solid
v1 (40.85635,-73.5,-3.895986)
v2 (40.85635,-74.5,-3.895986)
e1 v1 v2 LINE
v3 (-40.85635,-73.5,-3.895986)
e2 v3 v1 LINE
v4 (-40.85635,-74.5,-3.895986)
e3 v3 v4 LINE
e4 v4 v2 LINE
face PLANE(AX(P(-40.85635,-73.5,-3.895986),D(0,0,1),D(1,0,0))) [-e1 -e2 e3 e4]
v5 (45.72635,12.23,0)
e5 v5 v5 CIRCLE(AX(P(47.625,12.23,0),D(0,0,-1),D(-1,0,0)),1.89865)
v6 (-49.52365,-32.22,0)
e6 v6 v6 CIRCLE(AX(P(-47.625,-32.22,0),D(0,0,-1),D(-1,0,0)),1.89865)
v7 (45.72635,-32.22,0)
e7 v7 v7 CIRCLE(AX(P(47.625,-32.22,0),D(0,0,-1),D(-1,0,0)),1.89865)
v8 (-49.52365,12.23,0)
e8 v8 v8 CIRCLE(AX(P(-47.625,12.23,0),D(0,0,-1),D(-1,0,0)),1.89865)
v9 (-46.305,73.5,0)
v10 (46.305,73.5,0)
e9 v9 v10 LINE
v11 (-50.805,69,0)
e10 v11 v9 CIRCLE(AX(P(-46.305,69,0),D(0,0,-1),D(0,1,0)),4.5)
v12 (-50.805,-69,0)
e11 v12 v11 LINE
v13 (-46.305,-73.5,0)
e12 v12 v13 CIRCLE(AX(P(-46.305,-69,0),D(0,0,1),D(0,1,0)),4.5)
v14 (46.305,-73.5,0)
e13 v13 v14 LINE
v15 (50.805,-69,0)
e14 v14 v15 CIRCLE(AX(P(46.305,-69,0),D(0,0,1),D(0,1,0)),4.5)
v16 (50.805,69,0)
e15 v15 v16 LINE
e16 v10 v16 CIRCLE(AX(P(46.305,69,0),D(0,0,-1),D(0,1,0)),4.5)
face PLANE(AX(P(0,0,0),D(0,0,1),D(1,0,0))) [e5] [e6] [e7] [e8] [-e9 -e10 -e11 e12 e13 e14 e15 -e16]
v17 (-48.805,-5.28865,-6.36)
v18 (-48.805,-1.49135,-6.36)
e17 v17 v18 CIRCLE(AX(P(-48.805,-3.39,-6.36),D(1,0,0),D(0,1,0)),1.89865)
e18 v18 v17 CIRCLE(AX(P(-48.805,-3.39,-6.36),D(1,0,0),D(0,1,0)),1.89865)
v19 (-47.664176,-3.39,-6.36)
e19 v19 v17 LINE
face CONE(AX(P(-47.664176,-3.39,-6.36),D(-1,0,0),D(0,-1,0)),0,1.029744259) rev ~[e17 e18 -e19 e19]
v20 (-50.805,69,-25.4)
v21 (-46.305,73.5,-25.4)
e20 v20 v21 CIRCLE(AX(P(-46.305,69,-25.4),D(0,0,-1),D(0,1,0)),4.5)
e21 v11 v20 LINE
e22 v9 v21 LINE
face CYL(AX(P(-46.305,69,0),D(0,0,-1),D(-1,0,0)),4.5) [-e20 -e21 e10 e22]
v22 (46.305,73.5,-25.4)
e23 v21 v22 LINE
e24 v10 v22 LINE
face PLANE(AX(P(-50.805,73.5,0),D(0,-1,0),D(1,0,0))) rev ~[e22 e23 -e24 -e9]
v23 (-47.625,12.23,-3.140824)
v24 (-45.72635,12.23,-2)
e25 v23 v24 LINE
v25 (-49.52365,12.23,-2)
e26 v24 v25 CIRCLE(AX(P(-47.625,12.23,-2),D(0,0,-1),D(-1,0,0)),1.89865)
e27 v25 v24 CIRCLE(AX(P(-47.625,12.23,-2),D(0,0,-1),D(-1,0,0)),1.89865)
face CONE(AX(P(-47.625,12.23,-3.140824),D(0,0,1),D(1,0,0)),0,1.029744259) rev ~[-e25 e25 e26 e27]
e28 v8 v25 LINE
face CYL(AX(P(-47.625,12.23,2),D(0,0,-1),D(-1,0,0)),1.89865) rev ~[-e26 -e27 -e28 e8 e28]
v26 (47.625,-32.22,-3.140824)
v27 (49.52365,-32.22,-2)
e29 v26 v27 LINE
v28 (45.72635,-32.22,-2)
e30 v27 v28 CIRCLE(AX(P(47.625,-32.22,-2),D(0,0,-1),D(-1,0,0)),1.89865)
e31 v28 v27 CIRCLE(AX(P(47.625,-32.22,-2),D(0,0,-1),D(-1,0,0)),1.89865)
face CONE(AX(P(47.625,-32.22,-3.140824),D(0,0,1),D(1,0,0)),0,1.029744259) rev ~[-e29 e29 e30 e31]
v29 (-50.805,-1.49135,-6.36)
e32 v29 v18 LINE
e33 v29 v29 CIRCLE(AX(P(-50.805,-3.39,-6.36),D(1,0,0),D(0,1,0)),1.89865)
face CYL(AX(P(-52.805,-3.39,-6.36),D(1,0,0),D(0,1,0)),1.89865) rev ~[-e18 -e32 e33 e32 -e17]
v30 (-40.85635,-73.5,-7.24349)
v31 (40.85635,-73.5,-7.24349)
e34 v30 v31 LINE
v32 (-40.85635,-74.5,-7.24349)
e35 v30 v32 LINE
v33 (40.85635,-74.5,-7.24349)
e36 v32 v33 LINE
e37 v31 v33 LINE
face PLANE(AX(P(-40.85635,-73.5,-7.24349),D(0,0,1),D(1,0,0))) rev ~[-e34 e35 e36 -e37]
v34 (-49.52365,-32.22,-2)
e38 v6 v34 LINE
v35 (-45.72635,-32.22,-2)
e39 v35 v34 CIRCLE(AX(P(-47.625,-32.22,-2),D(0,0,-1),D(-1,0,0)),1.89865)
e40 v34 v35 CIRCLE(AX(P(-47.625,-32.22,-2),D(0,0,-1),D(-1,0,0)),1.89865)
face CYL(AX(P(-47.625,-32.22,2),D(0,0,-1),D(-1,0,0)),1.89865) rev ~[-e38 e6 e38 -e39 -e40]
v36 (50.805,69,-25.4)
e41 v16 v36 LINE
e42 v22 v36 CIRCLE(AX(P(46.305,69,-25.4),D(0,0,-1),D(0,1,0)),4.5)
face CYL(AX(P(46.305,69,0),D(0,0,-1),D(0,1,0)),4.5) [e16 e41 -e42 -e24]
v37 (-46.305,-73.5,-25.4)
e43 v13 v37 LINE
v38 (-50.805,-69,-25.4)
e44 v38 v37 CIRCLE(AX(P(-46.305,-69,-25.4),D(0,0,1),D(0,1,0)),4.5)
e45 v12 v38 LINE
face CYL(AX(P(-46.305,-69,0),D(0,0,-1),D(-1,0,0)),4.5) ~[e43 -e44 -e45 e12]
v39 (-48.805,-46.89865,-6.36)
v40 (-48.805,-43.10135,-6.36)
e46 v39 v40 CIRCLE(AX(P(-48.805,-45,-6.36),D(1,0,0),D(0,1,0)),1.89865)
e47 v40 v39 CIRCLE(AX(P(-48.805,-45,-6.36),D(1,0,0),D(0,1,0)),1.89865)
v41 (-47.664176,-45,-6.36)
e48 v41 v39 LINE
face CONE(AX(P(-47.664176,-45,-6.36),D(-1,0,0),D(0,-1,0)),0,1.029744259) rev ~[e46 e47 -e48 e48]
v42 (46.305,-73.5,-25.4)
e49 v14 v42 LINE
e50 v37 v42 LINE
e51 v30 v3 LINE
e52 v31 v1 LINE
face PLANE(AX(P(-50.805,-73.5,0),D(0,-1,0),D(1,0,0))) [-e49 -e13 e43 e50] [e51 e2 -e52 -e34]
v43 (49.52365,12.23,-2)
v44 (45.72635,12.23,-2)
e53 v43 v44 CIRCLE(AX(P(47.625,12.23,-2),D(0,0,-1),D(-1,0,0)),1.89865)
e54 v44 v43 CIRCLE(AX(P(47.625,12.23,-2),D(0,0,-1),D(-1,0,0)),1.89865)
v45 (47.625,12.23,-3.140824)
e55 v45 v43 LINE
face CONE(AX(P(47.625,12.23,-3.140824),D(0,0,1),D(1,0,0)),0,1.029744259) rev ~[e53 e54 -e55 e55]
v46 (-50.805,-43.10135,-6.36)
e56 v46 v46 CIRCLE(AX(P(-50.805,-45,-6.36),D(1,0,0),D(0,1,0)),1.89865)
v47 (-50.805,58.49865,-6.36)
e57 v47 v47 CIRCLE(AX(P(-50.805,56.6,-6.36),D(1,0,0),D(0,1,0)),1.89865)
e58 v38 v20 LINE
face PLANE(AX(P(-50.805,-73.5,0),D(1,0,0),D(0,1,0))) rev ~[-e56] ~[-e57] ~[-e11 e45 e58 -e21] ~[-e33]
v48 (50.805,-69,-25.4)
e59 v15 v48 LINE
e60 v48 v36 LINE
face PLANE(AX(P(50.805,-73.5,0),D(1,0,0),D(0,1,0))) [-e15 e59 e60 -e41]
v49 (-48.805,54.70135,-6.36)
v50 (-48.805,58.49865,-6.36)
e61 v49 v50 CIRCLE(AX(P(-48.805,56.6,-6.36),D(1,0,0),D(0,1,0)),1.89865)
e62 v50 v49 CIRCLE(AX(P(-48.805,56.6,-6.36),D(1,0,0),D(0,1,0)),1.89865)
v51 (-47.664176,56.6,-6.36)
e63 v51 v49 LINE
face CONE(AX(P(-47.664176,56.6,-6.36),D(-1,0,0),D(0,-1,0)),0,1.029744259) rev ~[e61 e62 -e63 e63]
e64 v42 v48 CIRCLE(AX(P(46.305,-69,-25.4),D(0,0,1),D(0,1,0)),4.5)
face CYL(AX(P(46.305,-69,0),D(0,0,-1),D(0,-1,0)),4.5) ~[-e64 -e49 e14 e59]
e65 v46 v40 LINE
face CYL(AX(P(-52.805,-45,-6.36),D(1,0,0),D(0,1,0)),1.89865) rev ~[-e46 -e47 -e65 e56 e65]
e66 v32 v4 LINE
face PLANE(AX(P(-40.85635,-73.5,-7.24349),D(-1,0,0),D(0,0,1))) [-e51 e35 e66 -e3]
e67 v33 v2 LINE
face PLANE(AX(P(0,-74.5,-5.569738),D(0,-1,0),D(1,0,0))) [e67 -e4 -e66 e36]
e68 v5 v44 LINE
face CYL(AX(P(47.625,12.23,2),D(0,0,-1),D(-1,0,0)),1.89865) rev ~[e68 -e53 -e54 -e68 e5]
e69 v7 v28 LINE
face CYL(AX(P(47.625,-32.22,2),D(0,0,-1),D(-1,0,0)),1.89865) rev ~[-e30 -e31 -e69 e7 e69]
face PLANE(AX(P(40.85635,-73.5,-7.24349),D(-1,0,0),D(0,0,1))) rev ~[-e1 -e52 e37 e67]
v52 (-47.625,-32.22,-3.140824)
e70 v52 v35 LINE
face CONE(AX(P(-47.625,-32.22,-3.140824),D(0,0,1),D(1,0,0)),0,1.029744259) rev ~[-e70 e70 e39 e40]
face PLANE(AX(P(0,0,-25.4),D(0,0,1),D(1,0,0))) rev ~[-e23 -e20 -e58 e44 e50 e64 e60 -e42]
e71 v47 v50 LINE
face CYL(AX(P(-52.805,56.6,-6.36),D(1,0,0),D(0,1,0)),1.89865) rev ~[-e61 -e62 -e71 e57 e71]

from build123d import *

# Parameters (mm, degrees)
F0_W     = 101.61
F0_H     = 147
F1_DEPTH = 25.4
F2_D     = 3.7973
F2_DEPTH = 2
F2_TIP   = 1.1408240143
F3_R     = 4.5
F5_D     = 3.7973
F5_DEPTH = 2
F5_TIP   = 1.1408240143
F6_W     = 81.7127004266
F6_H     = 3.347503487
F7_DEPTH = 1


with BuildPart() as f1:
    # F0 (on Top) → F1 (new body)
    with BuildSketch(Plane.XY):
        Rectangle(F0_W, F0_H)
    extrude(amount=-F1_DEPTH)

    # F2
    with Locations(Plane.XY):
        with Locations((47.625, -32.22), (-47.625, -32.22), (-47.625, 12.23), (47.625, 12.23)):
            Hole(F2_D / 2, depth=F2_DEPTH)
            with Locations((0, 0, -(F2_DEPTH + F2_TIP / 2))):  # 118° drill point
                Cone(0, F2_D / 2, F2_TIP, mode=Mode.SUBTRACT)

    # F3
    f3_edges = [f1.edges().sort_by_distance(p)[0] for p in [
        (50.805, 73.5, -12.7),
        (-50.805, 73.5, -12.7),
        (-50.805, -73.5, -12.7),
        (50.805, -73.5, -12.7),
    ]]
    fillet(f3_edges, radius=F3_R)

    # F5
    with Locations(Plane(origin=(-50.805, 0, 0), x_dir=(0, -1, 0), z_dir=(-1, 0, 0))):
        with Locations((45, -6.36), (3.39, -6.36), (-56.6, -6.36)):
            Hole(F5_D / 2, depth=F5_DEPTH)
            with Locations((0, 0, -(F5_DEPTH + F5_TIP / 2))):  # 118° drill point
                Cone(0, F5_D / 2, F5_TIP, mode=Mode.SUBTRACT)

    # F6 (on face) → F7 (join)
    with BuildSketch(Plane.XZ.offset(73.5)):
        with Locations((0, -5.5697378702)):
            Rectangle(F6_W, F6_H)
    extrude(amount=F7_DEPTH)


solid = f1.part
